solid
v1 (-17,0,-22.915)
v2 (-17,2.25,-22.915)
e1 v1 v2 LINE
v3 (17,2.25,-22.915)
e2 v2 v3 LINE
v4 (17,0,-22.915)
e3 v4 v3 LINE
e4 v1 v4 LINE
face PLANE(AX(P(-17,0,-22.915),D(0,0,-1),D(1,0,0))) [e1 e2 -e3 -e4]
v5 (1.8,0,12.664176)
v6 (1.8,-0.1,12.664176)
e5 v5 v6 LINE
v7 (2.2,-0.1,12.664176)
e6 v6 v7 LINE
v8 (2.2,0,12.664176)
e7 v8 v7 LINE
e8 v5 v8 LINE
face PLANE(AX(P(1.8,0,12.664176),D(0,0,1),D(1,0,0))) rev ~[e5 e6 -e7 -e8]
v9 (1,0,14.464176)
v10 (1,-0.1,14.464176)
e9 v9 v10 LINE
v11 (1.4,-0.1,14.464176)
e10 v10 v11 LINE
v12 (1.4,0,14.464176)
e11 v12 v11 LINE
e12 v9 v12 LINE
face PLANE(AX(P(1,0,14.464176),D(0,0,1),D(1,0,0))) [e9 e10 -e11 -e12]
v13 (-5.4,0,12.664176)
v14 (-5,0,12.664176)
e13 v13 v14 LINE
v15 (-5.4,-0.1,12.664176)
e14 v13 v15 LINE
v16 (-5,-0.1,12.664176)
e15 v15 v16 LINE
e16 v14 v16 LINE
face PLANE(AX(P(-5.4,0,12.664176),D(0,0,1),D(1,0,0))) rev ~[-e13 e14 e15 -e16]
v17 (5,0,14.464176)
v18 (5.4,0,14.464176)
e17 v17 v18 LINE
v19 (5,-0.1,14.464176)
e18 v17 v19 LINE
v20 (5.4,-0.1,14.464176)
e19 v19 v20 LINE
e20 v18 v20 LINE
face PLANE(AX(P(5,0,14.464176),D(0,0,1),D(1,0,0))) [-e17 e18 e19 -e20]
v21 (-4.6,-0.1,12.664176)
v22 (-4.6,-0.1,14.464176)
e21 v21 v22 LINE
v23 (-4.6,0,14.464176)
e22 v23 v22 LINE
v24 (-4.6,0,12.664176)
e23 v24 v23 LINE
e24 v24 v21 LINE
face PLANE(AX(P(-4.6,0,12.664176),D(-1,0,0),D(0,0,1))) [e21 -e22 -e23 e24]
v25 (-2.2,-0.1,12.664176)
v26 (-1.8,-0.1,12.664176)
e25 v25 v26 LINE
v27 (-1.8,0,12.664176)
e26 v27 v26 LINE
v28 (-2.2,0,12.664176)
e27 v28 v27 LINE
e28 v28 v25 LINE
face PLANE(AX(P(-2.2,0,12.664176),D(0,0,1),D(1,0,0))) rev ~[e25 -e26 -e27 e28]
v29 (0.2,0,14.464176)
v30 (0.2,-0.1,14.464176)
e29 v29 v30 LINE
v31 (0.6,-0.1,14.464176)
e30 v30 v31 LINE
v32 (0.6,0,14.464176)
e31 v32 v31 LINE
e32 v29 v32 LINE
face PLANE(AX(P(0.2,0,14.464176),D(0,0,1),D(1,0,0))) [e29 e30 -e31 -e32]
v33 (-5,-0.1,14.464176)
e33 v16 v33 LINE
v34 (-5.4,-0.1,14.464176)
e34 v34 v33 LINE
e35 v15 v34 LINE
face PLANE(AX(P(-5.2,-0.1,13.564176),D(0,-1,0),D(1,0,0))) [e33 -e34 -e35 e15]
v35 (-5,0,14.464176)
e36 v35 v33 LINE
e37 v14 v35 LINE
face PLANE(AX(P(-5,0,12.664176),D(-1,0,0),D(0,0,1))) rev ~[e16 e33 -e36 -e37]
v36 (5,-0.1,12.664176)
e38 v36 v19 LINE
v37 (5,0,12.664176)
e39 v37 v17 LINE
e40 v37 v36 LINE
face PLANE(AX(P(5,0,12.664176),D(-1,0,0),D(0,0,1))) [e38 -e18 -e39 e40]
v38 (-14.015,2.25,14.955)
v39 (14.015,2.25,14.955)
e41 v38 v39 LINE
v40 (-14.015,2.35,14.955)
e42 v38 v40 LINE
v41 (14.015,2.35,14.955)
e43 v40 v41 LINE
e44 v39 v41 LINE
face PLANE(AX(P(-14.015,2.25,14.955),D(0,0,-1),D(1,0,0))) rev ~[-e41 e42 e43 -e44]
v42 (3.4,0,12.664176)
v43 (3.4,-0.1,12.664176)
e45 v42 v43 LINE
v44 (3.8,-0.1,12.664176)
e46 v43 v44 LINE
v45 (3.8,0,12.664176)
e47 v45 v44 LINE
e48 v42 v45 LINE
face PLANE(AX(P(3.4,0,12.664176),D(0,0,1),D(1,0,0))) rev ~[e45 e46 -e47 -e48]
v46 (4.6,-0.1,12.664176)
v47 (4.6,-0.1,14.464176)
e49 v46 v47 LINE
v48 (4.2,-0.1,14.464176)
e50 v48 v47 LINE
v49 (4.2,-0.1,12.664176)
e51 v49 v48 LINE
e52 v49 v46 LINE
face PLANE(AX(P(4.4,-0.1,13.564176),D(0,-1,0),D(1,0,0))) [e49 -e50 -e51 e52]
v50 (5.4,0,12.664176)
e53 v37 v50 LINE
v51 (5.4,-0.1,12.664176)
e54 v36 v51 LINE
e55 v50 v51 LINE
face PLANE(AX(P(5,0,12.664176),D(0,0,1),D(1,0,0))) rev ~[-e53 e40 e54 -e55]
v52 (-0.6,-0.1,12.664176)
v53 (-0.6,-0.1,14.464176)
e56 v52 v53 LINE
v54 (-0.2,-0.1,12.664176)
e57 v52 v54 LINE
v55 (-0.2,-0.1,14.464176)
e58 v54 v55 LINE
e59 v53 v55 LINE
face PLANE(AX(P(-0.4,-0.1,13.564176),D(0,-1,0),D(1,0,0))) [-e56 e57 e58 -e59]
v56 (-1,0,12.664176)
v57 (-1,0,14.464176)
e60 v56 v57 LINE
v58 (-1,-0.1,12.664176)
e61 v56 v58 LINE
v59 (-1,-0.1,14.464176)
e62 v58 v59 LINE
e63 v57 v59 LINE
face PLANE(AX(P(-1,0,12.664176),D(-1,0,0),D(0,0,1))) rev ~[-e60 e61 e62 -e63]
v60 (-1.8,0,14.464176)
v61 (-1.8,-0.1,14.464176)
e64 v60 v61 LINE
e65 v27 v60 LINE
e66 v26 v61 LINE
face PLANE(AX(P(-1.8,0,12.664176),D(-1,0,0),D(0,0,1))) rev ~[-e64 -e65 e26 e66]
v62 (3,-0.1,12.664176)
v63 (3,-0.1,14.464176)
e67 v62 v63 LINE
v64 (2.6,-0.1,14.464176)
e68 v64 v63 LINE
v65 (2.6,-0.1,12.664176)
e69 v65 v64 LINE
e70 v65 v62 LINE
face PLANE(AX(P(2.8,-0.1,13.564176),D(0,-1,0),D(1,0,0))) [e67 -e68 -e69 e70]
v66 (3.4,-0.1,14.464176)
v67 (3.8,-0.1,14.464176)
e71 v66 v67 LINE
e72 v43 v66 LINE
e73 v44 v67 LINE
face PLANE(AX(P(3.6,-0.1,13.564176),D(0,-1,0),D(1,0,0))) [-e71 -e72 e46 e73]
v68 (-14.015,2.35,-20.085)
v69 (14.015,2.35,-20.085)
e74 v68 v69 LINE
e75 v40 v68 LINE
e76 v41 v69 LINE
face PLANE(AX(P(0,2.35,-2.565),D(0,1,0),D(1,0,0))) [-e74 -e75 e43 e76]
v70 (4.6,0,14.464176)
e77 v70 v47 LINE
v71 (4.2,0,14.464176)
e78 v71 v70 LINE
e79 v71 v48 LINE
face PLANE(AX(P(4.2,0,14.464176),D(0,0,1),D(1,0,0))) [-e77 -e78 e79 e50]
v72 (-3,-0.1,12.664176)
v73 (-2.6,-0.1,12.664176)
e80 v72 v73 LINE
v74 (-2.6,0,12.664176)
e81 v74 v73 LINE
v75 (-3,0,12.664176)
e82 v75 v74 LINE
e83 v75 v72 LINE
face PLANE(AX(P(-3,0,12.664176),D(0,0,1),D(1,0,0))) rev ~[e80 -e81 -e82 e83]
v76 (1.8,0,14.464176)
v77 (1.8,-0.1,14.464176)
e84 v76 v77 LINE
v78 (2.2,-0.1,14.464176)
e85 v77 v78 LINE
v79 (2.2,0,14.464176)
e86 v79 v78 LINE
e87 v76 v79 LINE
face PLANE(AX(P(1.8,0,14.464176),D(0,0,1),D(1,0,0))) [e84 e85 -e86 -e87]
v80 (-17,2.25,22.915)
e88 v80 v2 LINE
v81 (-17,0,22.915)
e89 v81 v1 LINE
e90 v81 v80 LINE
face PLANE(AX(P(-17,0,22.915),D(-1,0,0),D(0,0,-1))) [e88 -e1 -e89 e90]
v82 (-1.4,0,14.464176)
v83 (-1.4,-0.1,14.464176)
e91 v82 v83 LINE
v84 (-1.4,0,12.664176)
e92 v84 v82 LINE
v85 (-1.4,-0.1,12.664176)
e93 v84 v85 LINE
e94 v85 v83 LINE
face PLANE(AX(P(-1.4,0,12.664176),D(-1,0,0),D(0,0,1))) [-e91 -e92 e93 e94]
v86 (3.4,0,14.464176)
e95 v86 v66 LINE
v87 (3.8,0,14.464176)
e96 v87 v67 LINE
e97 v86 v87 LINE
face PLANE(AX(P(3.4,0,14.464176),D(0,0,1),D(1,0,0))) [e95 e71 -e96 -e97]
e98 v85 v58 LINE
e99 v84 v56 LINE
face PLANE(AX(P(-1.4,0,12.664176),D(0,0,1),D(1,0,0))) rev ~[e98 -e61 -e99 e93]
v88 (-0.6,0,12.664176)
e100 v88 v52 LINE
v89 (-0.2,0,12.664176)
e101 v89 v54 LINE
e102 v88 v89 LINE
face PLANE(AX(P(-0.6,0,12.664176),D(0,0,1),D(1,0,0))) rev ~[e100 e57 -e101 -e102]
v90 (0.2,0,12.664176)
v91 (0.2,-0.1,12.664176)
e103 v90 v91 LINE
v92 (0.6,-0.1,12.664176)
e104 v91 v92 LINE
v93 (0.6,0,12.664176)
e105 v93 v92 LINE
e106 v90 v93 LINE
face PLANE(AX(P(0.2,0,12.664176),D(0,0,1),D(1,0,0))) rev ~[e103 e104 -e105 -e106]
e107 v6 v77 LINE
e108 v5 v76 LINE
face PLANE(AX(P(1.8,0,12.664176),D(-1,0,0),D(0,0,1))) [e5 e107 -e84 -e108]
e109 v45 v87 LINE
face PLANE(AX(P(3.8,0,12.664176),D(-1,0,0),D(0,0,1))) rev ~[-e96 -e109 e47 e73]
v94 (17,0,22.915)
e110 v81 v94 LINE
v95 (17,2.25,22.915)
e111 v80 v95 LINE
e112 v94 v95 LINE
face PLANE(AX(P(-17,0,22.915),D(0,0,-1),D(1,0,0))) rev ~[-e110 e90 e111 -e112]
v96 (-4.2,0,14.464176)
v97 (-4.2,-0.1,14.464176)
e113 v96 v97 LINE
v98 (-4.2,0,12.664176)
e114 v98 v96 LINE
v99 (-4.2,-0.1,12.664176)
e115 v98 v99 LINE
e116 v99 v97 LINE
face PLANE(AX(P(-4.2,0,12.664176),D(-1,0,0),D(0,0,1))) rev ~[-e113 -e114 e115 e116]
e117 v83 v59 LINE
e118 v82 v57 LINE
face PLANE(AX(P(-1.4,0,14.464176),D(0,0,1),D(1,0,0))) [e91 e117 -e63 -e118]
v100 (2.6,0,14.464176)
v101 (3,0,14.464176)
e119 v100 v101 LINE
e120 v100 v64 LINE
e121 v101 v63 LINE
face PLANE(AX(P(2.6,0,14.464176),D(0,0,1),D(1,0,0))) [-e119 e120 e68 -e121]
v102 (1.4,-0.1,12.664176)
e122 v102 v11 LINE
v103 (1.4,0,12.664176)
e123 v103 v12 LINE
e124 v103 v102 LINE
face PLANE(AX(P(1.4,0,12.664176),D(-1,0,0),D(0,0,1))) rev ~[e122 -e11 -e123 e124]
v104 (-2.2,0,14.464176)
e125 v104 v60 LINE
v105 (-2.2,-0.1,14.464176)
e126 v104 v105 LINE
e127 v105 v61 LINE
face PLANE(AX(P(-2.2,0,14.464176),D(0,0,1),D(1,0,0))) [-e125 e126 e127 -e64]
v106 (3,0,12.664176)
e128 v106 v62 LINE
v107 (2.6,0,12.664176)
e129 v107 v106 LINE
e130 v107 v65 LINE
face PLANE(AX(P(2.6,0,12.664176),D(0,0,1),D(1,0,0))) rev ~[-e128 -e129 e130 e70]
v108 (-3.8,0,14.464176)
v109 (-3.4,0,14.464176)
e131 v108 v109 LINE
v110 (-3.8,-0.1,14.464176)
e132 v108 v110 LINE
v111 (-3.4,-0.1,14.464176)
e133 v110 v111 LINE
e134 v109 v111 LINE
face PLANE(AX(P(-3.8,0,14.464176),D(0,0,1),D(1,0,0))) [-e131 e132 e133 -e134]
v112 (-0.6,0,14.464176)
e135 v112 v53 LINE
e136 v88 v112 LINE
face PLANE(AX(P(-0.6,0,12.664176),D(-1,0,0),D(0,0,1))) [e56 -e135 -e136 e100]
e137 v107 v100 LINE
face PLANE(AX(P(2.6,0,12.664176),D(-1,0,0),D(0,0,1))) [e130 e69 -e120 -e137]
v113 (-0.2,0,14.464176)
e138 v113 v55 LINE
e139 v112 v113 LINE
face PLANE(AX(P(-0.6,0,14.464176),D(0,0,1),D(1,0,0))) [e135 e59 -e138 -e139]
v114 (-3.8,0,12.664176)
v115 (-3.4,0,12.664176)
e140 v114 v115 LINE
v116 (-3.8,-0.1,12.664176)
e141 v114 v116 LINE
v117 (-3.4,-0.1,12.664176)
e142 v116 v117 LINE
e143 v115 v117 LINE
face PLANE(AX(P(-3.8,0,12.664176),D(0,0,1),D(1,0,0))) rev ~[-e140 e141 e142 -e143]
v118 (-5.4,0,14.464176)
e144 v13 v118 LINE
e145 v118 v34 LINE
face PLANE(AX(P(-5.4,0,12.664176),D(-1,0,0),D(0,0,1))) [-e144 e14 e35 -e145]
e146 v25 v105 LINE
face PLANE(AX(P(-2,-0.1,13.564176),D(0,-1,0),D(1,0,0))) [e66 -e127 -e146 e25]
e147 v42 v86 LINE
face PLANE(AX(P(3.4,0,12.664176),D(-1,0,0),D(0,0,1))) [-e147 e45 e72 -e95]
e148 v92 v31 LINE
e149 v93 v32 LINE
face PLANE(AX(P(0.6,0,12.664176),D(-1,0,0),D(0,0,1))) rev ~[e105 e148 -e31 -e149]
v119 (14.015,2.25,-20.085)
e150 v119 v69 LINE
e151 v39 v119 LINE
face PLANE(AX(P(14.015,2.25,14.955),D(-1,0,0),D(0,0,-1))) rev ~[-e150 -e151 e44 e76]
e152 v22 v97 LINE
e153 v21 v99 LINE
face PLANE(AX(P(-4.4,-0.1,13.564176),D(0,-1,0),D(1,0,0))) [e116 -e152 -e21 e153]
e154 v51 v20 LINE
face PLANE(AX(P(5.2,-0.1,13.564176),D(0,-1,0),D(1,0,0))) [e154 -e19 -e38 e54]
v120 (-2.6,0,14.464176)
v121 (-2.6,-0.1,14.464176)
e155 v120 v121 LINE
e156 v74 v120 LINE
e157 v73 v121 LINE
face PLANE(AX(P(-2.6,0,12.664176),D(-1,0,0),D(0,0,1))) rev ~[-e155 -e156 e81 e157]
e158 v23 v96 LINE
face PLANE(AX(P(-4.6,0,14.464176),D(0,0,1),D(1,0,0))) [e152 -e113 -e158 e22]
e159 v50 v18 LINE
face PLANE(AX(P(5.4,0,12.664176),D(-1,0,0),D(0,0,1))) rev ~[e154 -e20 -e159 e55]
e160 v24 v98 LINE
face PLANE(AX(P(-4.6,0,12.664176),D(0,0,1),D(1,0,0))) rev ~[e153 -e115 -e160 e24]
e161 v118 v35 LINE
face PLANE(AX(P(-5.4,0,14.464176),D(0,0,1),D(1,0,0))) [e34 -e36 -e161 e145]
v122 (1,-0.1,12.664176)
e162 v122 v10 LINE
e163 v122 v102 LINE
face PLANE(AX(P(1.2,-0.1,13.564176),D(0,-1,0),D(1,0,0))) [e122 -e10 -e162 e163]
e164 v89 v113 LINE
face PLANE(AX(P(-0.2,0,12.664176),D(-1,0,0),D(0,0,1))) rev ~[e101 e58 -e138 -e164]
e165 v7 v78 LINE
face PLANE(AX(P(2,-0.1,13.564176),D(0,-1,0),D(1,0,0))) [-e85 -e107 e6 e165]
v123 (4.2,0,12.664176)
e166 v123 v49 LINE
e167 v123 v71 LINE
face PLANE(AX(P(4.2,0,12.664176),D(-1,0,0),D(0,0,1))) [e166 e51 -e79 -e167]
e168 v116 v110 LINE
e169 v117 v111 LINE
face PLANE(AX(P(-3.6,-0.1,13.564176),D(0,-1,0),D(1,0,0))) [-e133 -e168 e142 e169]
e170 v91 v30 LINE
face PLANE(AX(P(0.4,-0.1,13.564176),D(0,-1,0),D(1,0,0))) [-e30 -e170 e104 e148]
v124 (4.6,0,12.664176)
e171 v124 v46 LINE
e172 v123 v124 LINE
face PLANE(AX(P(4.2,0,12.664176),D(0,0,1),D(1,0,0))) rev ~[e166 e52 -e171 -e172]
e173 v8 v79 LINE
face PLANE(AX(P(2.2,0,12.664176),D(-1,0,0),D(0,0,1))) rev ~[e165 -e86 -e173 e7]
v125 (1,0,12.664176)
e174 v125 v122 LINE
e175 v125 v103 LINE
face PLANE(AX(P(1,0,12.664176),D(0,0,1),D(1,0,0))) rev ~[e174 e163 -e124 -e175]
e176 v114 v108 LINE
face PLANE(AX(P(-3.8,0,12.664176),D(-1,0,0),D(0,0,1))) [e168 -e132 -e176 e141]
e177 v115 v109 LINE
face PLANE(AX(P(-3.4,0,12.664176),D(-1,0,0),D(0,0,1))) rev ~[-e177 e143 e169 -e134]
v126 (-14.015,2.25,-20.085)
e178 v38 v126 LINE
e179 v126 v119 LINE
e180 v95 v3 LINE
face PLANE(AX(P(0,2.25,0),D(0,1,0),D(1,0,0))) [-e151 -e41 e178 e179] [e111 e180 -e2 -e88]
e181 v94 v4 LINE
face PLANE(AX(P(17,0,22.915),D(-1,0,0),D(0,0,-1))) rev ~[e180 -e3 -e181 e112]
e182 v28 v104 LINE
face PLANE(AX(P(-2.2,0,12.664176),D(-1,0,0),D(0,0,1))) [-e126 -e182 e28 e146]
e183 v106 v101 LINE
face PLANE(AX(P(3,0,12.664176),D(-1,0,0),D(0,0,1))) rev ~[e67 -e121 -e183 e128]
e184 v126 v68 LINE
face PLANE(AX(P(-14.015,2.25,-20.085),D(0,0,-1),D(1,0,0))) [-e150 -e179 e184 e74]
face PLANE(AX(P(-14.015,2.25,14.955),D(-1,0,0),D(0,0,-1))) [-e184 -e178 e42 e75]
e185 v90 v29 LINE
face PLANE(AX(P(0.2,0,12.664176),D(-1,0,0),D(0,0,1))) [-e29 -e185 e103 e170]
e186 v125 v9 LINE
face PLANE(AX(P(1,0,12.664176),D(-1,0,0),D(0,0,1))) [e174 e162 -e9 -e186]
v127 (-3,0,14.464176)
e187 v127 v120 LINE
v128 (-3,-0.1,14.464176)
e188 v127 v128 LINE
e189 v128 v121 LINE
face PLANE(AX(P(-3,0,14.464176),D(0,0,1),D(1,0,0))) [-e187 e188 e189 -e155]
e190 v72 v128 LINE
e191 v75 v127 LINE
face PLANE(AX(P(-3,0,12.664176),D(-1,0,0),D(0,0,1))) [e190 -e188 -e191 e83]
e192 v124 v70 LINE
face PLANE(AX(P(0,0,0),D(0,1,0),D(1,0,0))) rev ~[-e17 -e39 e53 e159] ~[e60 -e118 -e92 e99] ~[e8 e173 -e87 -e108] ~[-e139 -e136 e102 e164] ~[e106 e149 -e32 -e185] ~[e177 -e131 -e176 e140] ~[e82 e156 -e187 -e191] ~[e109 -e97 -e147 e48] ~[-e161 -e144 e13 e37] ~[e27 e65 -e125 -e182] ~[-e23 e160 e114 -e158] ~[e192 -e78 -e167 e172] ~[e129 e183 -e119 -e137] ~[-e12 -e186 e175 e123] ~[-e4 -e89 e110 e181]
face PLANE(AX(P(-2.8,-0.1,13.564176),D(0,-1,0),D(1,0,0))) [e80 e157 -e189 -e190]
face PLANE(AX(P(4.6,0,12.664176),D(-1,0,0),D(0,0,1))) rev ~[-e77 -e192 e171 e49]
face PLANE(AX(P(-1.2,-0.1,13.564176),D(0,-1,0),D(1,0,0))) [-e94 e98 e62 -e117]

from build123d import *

# Parameters (mm, degrees)
SKETCH_1_W      = 34
SKETCH_1_H      = 45.83
EXTRUDE_1_DEPTH = 2.25
SKETCH_2_W      = 28.03
SKETCH_2_H      = 35.04
EXTRUDE_2_DEPTH = 0.1
SKETCH_4_W      = 0.4
SKETCH_4_H      = 1.8
EXTRUDE_3_DEPTH = 0.1


with BuildPart() as part:
    # Эскиз1 → Бобышка-Вытянуть1 (new body)
    with BuildSketch(Plane(origin=(0, 0, 0), x_dir=(1, 0, 0), z_dir=(0, 1, 0))):
        Rectangle(SKETCH_1_W, SKETCH_1_H)
    extrude(amount=EXTRUDE_1_DEPTH)

    # Эскиз2 → Бобышка-Вытянуть2 (add)
    with BuildSketch(Plane(origin=(0, 2.25, 0), x_dir=(1, 0, 0), z_dir=(0, 1, 0))):
        with Locations((0, 2.565)):
            Rectangle(SKETCH_2_W, SKETCH_2_H)
    extrude(amount=EXTRUDE_2_DEPTH)

    # Эскиз4 → Бобышка-Вытянуть3 (add)
    with BuildSketch(Plane.XZ):
        with Locations((-4.4, 13.564176084)):
            Rectangle(SKETCH_4_W, SKETCH_4_H)
        with Locations((-5.2, 13.564176084)):
            Rectangle(SKETCH_4_W, SKETCH_4_H)
        with Locations((-3.6, 13.564176084)):
            Rectangle(SKETCH_4_W, SKETCH_4_H)
        with Locations((-2.8, 13.564176084)):
            Rectangle(SKETCH_4_W, SKETCH_4_H)
        with Locations((-2, 13.564176084)):
            Rectangle(SKETCH_4_W, SKETCH_4_H)
        with Locations((-1.2, 13.564176084)):
            Rectangle(SKETCH_4_W, SKETCH_4_H)
        with Locations((-0.4, 13.564176084)):
            Rectangle(SKETCH_4_W, SKETCH_4_H)
        with Locations((0.4, 13.564176084)):
            Rectangle(SKETCH_4_W, SKETCH_4_H)
        with Locations((1.2, 13.564176084)):
            Rectangle(SKETCH_4_W, SKETCH_4_H)
        with Locations((2, 13.564176084)):
            Rectangle(SKETCH_4_W, SKETCH_4_H)
        with Locations((2.8, 13.564176084)):
            Rectangle(SKETCH_4_W, SKETCH_4_H)
        with Locations((3.6, 13.564176084)):
            Rectangle(SKETCH_4_W, SKETCH_4_H)
        with Locations((4.4, 13.564176084)):
            Rectangle(SKETCH_4_W, SKETCH_4_H)
        with Locations((5.2, 13.564176084)):
            Rectangle(SKETCH_4_W, SKETCH_4_H)
    extrude(amount=EXTRUDE_3_DEPTH)


solid = part.part
